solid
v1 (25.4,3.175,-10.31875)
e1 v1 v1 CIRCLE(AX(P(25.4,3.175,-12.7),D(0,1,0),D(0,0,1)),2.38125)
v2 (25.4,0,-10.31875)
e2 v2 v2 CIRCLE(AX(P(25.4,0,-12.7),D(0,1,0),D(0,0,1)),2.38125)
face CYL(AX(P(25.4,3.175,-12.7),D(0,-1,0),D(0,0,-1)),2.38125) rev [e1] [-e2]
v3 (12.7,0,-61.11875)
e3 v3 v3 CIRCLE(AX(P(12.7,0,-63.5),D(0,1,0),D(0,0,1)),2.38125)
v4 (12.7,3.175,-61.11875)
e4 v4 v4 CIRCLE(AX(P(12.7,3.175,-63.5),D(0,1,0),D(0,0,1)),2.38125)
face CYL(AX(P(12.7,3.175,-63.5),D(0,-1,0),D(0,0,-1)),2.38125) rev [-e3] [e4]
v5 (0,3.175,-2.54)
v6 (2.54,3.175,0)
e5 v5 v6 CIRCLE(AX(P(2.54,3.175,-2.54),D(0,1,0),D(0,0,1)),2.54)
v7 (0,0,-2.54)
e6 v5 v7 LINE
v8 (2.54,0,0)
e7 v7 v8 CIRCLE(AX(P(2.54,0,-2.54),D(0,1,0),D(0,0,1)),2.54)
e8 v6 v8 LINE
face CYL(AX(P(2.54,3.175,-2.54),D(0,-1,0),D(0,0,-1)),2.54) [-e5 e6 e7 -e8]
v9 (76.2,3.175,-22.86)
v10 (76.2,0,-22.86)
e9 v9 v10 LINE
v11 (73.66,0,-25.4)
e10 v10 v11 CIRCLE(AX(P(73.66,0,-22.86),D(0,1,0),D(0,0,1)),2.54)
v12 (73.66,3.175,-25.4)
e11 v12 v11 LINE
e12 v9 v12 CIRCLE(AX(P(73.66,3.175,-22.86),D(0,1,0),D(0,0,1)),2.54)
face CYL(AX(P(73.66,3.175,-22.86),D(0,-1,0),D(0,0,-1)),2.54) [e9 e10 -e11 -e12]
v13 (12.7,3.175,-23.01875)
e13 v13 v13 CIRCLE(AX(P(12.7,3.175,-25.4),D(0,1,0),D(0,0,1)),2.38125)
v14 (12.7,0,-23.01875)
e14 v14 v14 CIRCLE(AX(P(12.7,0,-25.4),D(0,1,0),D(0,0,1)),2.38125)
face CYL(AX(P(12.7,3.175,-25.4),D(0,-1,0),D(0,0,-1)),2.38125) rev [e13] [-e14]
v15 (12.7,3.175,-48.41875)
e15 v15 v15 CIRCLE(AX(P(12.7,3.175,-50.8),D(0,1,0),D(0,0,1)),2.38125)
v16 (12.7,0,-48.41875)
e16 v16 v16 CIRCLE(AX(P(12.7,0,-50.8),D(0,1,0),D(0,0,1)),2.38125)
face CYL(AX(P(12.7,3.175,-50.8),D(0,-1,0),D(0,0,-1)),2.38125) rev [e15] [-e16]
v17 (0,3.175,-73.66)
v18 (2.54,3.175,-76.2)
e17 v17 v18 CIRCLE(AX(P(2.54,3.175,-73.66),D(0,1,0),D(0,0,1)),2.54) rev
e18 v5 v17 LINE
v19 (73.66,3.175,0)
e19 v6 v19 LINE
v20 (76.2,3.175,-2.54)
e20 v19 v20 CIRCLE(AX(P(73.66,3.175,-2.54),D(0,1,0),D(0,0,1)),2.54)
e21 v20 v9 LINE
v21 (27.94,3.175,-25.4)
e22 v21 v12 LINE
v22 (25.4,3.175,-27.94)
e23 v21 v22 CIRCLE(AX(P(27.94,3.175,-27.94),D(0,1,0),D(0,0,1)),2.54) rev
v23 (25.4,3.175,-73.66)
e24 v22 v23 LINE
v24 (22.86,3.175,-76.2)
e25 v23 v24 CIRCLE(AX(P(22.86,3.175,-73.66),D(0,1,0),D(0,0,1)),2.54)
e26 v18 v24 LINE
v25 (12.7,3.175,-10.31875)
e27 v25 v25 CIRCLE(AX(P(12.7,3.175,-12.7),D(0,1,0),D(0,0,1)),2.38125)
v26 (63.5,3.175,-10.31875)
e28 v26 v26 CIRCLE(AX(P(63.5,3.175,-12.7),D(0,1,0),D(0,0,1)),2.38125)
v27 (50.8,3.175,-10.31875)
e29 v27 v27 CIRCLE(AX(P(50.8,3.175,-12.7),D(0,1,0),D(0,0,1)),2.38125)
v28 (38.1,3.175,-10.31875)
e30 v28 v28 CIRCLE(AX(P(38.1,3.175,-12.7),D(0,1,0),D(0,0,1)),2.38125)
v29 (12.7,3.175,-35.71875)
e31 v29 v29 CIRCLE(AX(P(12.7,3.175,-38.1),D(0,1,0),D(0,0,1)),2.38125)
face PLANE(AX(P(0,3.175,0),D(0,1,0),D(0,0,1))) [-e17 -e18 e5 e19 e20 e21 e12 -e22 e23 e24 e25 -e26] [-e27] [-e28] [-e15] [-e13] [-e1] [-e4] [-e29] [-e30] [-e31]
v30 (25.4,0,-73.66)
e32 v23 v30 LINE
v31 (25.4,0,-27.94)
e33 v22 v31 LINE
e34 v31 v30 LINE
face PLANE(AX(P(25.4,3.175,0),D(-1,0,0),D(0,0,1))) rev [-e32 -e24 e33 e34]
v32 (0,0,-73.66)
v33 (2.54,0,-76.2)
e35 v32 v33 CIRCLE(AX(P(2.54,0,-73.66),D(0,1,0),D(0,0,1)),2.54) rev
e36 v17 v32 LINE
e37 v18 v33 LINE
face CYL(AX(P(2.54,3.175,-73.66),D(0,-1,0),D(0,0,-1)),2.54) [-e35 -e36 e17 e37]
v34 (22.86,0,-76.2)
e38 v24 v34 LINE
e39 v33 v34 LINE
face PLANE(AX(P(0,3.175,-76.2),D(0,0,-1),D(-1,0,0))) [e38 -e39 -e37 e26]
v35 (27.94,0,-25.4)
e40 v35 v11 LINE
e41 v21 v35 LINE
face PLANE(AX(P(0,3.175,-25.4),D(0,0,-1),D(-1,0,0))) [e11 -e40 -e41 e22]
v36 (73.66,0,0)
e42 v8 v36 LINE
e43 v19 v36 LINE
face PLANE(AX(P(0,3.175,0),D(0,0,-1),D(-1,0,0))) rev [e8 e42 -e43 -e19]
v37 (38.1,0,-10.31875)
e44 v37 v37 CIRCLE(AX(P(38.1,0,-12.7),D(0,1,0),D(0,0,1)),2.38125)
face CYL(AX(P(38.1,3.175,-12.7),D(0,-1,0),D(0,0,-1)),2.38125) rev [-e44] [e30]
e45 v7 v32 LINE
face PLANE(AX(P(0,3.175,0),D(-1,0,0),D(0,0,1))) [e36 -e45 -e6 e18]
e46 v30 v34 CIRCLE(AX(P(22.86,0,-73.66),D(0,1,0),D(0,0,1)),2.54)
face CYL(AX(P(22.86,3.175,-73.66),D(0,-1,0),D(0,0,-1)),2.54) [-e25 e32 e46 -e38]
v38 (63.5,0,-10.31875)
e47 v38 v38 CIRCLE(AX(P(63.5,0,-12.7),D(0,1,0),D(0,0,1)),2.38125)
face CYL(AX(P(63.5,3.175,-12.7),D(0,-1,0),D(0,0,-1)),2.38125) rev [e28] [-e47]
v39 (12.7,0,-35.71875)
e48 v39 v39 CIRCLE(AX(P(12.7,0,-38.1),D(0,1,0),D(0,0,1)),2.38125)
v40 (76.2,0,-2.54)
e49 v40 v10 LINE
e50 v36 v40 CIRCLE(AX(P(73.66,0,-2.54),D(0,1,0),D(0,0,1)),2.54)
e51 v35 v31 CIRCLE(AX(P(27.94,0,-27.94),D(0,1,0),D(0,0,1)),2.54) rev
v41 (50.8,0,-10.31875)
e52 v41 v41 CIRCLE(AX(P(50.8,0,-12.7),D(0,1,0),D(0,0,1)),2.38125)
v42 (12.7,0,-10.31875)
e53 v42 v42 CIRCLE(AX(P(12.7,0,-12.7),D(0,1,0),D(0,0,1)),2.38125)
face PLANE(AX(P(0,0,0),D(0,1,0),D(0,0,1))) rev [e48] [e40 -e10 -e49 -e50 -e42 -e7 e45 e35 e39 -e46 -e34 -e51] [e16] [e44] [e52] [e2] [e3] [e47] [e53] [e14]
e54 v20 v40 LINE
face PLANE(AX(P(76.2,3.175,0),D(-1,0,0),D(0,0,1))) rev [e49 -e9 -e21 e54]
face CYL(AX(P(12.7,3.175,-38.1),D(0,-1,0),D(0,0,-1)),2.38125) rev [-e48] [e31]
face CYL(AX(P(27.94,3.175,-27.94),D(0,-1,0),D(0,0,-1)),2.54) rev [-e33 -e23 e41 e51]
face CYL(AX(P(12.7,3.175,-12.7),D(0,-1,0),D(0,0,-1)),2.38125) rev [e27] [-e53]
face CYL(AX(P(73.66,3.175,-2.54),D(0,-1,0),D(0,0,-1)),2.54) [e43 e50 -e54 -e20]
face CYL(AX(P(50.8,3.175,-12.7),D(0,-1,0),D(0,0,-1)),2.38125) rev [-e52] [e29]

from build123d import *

# Parameters (mm, degrees)
SKETCH1_R           = 2.38125
BOSS_EXTRUDE1_DEPTH = 3.175


with BuildPart() as part:
    # Sketch1 → Boss-Extrude1 (new body)
    with BuildSketch(Plane(origin=(0, 0, 0), x_dir=(1, 0, 0), z_dir=(0, 1, 0))):
        with BuildLine():
            ThreePointArc((0, 2.54), (0.743948776, 0.743948776), (2.54, 0))
            Line((2.54, 0), (25.4, 0))
            Line((25.4, 0), (73.66, 0))
            ThreePointArc((73.66, 0), (75.456051224, 0.743948776), (76.2, 2.54))
            Line((76.2, 2.54), (76.2, 22.86))
            ThreePointArc((76.2, 22.86), (75.456051224, 24.656051224), (73.66, 25.4))
            Line((73.66, 25.4), (27.94, 25.4))
            ThreePointArc((27.94, 25.4), (26.143948776, 26.143948776), (25.4, 27.94))
            Line((25.4, 27.94), (25.4, 73.66))
            ThreePointArc((25.4, 73.66), (24.656051224, 75.456051224), (22.86, 76.2))
            Line((22.86, 76.2), (2.54, 76.2))
            ThreePointArc((2.54, 76.2), (0.743948776, 75.456051224), (0, 73.66))
            Line((0, 73.66), (0, 25.4))
            Line((0, 25.4), (0, 2.54))
        make_face()
        with Locations((12.7, 12.7)):
            Circle(SKETCH1_R, mode=Mode.SUBTRACT)
        with Locations((25.4, 12.7)):
            Circle(SKETCH1_R, mode=Mode.SUBTRACT)
        with Locations((38.1, 12.7)):
            Circle(SKETCH1_R, mode=Mode.SUBTRACT)
        with Locations((12.7, 25.4)):
            Circle(SKETCH1_R, mode=Mode.SUBTRACT)
        with Locations((12.7, 38.1)):
            Circle(SKETCH1_R, mode=Mode.SUBTRACT)
        with Locations((50.8, 12.7)):
            Circle(SKETCH1_R, mode=Mode.SUBTRACT)
        with Locations((63.5, 12.7)):
            Circle(SKETCH1_R, mode=Mode.SUBTRACT)
        with Locations((12.7, 50.8)):
            Circle(SKETCH1_R, mode=Mode.SUBTRACT)
        with Locations((12.7, 63.5)):
            Circle(SKETCH1_R, mode=Mode.SUBTRACT)
    extrude(amount=BOSS_EXTRUDE1_DEPTH)


solid = part.part
